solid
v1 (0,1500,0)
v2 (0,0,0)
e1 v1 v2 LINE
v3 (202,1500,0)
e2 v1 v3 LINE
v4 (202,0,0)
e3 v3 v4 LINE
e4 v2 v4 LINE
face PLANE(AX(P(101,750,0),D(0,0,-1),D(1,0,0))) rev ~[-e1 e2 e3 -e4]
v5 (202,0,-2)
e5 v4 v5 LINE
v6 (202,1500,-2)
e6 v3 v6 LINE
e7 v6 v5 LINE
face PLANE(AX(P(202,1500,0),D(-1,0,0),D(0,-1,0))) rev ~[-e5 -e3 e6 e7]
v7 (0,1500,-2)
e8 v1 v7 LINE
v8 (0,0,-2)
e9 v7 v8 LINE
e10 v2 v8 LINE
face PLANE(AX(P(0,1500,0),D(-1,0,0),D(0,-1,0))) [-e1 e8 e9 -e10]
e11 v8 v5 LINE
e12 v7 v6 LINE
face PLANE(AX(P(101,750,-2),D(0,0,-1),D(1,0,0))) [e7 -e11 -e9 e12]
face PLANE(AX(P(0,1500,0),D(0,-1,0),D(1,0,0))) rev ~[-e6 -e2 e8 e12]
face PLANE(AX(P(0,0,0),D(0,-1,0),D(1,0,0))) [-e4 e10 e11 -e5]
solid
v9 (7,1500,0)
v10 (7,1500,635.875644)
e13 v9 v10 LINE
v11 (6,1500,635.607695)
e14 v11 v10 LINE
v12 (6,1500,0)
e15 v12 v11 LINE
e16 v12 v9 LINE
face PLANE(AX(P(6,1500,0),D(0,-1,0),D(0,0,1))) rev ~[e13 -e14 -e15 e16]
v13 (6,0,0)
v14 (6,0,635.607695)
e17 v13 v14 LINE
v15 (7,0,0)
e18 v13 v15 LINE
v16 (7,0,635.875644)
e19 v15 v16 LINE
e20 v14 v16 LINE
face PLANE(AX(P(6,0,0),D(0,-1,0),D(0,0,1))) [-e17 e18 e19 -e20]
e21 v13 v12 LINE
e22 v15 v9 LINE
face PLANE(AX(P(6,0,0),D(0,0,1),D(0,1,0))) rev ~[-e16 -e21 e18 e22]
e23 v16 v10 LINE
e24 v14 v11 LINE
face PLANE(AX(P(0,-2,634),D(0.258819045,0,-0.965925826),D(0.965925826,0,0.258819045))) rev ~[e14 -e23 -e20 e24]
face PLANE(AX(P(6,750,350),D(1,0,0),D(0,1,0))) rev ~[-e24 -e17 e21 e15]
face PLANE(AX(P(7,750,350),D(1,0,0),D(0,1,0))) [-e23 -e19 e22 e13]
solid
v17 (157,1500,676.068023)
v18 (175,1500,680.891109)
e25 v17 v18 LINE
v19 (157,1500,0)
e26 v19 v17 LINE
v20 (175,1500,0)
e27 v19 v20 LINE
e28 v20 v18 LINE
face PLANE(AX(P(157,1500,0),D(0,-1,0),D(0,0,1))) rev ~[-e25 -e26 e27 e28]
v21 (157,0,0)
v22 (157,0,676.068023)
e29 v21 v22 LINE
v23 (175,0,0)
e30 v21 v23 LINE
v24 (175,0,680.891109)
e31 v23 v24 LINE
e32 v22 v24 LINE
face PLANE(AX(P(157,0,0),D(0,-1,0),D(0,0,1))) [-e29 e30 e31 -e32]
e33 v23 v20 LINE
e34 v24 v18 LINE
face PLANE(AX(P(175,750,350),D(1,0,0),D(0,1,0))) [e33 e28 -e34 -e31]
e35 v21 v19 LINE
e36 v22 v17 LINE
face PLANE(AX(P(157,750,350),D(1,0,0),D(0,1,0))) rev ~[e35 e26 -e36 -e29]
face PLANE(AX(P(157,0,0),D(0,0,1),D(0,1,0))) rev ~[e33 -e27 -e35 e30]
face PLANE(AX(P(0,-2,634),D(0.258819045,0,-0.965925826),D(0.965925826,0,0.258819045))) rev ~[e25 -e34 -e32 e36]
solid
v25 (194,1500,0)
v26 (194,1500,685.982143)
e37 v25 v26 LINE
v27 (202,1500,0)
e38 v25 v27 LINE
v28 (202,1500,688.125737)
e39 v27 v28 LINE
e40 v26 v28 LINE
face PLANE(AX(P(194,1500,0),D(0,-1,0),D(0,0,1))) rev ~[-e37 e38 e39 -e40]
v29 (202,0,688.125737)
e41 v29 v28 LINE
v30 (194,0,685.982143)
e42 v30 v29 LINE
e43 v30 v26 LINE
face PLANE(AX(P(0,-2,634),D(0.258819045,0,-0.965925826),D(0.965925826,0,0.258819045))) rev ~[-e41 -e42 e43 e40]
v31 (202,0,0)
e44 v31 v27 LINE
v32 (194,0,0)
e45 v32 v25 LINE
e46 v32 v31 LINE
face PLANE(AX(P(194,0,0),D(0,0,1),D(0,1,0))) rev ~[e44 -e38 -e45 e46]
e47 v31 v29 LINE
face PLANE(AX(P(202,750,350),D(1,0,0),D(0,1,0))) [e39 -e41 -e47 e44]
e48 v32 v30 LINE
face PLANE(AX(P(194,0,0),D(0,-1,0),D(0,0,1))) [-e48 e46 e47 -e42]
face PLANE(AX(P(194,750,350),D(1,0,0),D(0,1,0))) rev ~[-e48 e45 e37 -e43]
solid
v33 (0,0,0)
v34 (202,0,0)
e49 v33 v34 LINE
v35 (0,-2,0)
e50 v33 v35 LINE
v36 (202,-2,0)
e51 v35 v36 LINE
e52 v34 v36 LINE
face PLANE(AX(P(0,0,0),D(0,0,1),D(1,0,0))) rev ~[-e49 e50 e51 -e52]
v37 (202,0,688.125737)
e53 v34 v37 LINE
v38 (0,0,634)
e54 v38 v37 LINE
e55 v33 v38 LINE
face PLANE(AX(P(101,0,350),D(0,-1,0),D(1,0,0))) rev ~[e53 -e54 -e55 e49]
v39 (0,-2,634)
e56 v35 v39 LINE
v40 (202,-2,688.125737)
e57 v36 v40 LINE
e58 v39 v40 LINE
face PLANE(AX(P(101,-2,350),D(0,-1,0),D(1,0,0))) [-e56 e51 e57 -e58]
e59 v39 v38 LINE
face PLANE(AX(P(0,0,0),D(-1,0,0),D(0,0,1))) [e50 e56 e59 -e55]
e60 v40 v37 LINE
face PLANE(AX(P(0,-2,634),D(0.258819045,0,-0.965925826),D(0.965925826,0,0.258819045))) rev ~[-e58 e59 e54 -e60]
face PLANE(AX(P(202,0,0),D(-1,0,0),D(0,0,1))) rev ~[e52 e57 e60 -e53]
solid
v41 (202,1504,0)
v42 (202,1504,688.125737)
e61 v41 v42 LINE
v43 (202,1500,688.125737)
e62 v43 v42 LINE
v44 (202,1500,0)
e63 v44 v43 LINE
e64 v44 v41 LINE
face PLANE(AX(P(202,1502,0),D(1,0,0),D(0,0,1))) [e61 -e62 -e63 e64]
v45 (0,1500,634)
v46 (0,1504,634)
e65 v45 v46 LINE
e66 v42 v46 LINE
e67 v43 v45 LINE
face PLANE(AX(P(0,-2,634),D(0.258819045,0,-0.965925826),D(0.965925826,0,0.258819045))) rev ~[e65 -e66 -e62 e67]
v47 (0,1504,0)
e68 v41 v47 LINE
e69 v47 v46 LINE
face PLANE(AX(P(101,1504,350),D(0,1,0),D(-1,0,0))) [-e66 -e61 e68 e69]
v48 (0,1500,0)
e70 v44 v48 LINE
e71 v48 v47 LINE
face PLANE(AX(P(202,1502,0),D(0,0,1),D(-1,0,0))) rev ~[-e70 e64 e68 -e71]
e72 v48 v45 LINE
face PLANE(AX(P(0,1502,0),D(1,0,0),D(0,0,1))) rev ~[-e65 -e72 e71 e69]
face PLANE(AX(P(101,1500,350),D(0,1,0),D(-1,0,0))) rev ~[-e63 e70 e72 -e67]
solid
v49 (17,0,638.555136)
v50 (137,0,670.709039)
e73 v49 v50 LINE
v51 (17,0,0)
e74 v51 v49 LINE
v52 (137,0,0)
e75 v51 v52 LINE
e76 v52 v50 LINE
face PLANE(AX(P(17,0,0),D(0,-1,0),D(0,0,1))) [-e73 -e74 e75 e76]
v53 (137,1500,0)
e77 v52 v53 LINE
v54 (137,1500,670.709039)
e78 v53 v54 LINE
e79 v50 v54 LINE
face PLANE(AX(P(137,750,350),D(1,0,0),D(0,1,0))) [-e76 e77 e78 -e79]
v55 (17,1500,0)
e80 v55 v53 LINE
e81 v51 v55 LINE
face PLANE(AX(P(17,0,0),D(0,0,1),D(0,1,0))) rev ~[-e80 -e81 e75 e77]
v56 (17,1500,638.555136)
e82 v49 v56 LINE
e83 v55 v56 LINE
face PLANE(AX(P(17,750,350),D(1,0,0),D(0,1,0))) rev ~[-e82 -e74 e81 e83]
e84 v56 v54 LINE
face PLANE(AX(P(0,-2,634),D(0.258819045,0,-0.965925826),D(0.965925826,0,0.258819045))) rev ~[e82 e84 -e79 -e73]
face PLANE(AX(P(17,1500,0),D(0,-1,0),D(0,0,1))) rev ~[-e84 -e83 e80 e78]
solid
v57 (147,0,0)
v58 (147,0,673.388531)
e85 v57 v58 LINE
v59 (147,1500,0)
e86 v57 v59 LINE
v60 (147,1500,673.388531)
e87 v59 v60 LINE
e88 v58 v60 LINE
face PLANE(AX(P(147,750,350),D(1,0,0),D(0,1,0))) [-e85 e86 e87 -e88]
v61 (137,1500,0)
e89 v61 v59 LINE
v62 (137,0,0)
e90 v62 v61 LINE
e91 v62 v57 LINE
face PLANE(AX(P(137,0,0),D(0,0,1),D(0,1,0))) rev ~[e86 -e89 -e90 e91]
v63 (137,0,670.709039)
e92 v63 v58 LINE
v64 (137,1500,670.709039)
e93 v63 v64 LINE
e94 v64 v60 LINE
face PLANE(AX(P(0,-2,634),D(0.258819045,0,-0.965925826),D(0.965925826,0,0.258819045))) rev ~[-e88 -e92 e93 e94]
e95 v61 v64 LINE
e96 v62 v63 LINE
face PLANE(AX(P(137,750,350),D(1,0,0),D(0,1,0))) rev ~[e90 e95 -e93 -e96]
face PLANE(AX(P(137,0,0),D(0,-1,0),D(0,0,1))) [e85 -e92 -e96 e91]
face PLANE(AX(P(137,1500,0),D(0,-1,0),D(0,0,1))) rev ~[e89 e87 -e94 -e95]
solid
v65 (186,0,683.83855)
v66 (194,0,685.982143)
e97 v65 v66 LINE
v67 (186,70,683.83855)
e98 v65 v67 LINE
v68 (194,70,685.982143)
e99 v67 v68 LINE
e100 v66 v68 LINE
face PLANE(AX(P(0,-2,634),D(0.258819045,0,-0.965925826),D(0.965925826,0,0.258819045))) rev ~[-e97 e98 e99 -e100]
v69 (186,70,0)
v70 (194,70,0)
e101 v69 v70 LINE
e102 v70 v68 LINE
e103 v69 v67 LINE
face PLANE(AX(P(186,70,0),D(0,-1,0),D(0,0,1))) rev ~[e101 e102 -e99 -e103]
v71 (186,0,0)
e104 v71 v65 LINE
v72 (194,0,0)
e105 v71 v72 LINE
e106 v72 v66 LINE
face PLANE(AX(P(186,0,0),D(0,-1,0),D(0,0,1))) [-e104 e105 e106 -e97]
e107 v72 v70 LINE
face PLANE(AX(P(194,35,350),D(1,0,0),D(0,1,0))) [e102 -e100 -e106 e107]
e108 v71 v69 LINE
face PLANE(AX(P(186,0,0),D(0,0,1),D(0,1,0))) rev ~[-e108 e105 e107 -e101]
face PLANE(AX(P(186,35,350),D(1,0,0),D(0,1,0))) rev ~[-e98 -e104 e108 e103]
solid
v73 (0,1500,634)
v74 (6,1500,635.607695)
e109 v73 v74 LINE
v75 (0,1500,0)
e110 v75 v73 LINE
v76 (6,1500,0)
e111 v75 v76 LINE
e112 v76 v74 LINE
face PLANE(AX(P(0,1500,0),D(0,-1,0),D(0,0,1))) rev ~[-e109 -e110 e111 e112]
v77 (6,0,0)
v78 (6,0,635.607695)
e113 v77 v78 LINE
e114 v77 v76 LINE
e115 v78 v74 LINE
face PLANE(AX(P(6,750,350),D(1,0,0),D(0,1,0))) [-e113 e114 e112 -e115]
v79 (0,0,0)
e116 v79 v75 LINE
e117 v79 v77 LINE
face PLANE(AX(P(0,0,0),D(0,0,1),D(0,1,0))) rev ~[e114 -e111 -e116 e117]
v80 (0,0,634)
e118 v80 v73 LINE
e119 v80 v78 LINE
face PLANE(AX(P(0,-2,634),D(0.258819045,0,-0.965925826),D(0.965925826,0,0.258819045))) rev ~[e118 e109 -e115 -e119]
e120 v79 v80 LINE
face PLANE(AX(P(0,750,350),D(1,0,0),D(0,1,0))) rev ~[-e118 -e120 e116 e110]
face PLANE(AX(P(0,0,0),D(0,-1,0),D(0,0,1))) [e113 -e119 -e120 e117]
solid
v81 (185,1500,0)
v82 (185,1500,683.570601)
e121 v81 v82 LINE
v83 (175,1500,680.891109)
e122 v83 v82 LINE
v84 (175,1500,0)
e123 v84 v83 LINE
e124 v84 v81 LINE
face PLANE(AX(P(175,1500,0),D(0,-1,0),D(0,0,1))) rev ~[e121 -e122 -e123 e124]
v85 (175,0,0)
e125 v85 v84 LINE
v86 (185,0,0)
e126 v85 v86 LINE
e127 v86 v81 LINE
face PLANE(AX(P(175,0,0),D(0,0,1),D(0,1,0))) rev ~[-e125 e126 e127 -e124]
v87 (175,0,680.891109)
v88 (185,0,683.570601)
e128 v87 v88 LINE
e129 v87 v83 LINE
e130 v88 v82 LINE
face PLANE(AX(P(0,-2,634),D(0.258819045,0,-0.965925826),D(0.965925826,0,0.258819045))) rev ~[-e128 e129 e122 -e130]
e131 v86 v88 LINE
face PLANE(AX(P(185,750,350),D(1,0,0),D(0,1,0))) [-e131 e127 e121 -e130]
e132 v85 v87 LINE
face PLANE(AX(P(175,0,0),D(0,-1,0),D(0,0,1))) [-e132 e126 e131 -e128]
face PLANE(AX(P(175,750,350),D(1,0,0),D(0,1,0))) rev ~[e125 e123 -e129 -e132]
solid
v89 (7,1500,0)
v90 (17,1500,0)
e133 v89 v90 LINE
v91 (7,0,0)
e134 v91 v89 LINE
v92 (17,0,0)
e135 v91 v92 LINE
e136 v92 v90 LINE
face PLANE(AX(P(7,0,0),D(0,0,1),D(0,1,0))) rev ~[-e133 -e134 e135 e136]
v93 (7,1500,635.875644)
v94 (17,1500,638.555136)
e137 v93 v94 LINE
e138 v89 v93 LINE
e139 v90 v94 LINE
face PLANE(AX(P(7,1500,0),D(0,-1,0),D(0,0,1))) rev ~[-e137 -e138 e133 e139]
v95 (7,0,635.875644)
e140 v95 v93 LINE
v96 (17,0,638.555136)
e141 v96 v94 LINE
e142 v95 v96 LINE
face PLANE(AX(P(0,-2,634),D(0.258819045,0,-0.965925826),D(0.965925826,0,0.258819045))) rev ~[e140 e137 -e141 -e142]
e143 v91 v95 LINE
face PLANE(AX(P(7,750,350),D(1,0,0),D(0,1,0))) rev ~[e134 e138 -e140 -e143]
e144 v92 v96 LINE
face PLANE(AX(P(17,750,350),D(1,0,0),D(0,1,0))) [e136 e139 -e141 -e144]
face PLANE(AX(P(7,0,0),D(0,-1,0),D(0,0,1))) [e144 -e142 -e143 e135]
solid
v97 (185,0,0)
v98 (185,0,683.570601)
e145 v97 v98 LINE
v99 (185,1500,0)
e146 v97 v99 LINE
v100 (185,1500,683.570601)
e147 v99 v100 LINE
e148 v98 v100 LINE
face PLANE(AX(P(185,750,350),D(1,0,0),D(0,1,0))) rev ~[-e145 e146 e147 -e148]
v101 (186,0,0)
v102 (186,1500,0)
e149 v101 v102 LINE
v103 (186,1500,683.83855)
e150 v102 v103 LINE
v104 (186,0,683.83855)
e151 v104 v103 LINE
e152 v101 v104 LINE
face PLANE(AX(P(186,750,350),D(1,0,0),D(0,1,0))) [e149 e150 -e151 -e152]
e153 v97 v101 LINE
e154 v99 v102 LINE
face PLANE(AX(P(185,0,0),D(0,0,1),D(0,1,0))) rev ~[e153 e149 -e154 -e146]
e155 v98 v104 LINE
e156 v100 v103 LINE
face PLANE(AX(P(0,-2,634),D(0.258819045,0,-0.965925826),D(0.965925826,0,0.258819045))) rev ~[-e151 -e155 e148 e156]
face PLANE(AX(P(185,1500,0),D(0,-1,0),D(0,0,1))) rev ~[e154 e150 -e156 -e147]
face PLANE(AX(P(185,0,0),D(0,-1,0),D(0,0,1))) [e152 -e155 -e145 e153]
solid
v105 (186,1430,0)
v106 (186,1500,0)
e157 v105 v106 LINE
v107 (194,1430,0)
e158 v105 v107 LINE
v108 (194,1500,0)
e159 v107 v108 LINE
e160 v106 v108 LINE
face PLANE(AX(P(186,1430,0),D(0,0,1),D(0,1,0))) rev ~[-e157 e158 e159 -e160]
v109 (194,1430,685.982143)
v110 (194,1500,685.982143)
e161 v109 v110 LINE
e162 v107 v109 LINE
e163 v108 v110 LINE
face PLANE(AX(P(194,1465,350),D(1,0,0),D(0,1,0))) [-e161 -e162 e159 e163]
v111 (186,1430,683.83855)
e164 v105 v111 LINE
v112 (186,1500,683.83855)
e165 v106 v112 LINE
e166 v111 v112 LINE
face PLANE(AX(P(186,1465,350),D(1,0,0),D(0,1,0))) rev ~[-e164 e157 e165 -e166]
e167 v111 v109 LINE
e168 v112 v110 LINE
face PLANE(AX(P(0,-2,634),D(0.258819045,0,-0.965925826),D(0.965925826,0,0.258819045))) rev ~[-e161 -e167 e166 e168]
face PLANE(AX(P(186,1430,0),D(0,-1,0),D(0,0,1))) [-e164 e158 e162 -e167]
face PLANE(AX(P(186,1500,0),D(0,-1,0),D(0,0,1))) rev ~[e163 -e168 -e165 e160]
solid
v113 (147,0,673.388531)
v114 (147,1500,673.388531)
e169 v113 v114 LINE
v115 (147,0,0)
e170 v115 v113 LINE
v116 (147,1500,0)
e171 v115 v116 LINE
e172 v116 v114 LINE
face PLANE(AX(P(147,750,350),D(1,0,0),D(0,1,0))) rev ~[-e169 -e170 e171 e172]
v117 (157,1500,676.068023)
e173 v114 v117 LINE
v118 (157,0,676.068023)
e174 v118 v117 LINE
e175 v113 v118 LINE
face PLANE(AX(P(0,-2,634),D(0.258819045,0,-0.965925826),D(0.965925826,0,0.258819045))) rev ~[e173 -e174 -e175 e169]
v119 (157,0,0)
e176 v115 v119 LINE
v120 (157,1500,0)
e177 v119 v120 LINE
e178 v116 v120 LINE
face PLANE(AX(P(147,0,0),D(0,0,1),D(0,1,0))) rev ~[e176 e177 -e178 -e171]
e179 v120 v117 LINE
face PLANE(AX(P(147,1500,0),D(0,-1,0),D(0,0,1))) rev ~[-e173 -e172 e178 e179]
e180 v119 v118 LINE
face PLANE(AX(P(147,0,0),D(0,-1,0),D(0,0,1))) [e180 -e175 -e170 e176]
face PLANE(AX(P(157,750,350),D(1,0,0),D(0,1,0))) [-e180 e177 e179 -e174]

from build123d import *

# Parameters (mm, degrees)
F0_W      = 1500
F0_H      = 700
F1_DEPTH  = 6
F2_DEPTH  = 1
F3_DEPTH  = 10
F4_DEPTH  = 120
F5_DEPTH  = 10
F6_DEPTH  = 10
F7_DEPTH  = 18
F8_DEPTH  = 10
F9_DEPTH  = 1
F10_W     = 70
F10_H     = 700
F11_DEPTH = 8
F12_W     = 1500
F12_H     = 700
F13_DEPTH = 8
F14_W     = 202
F14_H     = 700
F15_DEPTH = 2
F16_W     = 202
F16_H     = 1500
F17_DEPTH = 2
F18_W     = 202
F18_H     = 700
F19_DEPTH = 2
F20_DEPTH = 2
F22_DEPTH = 1506.001


with BuildPart() as f1:
    # F0 (on Right) → F1 (new body)
    with BuildSketch(Plane.YZ):
        with Locations((750, 350)):
            Rectangle(F0_W, F0_H)
    extrude(amount=F1_DEPTH)


with BuildPart() as f2:
    # F2 (new): a face of the model
    f2_faces = [f1.part.faces().sort_by_distance(p)[0] for p in [
        (6, 750, 350),
    ]]
    extrude(f2_faces, amount=F2_DEPTH)


with BuildPart() as f3:
    # F3 (new): a face of the model
    f3_faces = [f2.part.faces().sort_by_distance(p)[0] for p in [
        (7, 750, 350),
    ]]
    extrude(f3_faces, amount=F3_DEPTH)


with BuildPart() as f4:
    # F4 (new): a face of the model
    f4_faces = [f3.part.faces().sort_by_distance(p)[0] for p in [
        (17, 750, 350),
    ]]
    extrude(f4_faces, amount=F4_DEPTH)


with BuildPart() as f5:
    # F5 (new): a face of the model
    f5_faces = [f4.part.faces().sort_by_distance(p)[0] for p in [
        (137, 750, 350),
    ]]
    extrude(f5_faces, amount=F5_DEPTH)


with BuildPart() as f6:
    # F6 (new): a face of the model
    f6_faces = [f5.part.faces().sort_by_distance(p)[0] for p in [
        (147, 750, 350),
    ]]
    extrude(f6_faces, amount=F6_DEPTH)


with BuildPart() as f7:
    # F7 (new): a face of the model
    f7_faces = [f6.part.faces().sort_by_distance(p)[0] for p in [
        (157, 750, 350),
    ]]
    extrude(f7_faces, amount=F7_DEPTH)


with BuildPart() as f8:
    # F8 (new): a face of the model
    f8_faces = [f7.part.faces().sort_by_distance(p)[0] for p in [
        (175, 750, 350),
    ]]
    extrude(f8_faces, amount=F8_DEPTH)


with BuildPart() as f9:
    # F9 (new): a face of the model
    f9_faces = [f8.part.faces().sort_by_distance(p)[0] for p in [
        (185, 750, 350),
    ]]
    extrude(f9_faces, amount=F9_DEPTH)


with BuildPart() as f11:
    # F10 (on face) → F11 (new body)
    with BuildSketch(Plane.YZ.offset(186)):
        with Locations((35, 350)):
            Rectangle(F10_W, F10_H)
    extrude(amount=F11_DEPTH)


with BuildPart() as f11b:
    # F10 (on face) → F11, piece 2 (new body)
    with BuildSketch(Plane.YZ.offset(186)):
        with Locations((1465, 350)):
            Rectangle(F10_W, F10_H)
    extrude(amount=F11_DEPTH)


with BuildPart() as f13:
    # F12 (on face) → F13 (new body)
    with BuildSketch(Plane.YZ.offset(194)):
        with Locations((750, 350)):
            Rectangle(F12_W, F12_H)
    extrude(amount=F13_DEPTH)


with BuildPart() as f15:
    # F14 (on face) → F15 (new body)
    with BuildSketch(Plane.XZ):
        with Locations((101, 350)):
            Rectangle(F14_W, F14_H)
    extrude(amount=F15_DEPTH)


with BuildPart() as f17:
    # F16 (on face) → F17 (new body)
    with BuildSketch(Plane(origin=(0, 0, 0), x_dir=(1, 0, 0), z_dir=(0, 0, -1))):
        with Locations((101, -750)):
            Rectangle(F16_W, F16_H)
    extrude(amount=F17_DEPTH)


with BuildPart() as f19:
    # F18 (on face) → F19 (new body)
    with BuildSketch(Plane(origin=(0, 1500, 0), x_dir=(-1, 0, 0), z_dir=(0, 1, 0))):
        with Locations((-101, 350)):
            Rectangle(F18_W, F18_H)
    extrude(amount=F19_DEPTH)

    # F20 (add): a face of the model
    f20_faces = [f19.faces().sort_by_distance(p)[0] for p in [
        (101, 1502, 350),
    ]]
    extrude(f20_faces, amount=F20_DEPTH)


with BuildPart() as f22_tool:
    # F21 (on face) → F22 (new body, through all)
    with BuildSketch(Plane.XZ.offset(2)):
        Polygon((202, 688.1257368711), (202, 700), (0, 700), (0, 634), align=None)
    extrude(amount=-F22_DEPTH)


with BuildPart() as f1_1:
    add(f1.part)

    # F22: cut by f22_tool
    add(f22_tool.part, mode=Mode.SUBTRACT)


with BuildPart() as f2_1:
    add(f2.part)

    # F22: cut by f22_tool
    add(f22_tool.part, mode=Mode.SUBTRACT)


with BuildPart() as f3_1:
    add(f3.part)

    # F22: cut by f22_tool
    add(f22_tool.part, mode=Mode.SUBTRACT)


with BuildPart() as f4_1:
    add(f4.part)

    # F22: cut by f22_tool
    add(f22_tool.part, mode=Mode.SUBTRACT)


with BuildPart() as f5_1:
    add(f5.part)

    # F22: cut by f22_tool
    add(f22_tool.part, mode=Mode.SUBTRACT)


with BuildPart() as f6_1:
    add(f6.part)

    # F22: cut by f22_tool
    add(f22_tool.part, mode=Mode.SUBTRACT)


with BuildPart() as f7_1:
    add(f7.part)

    # F22: cut by f22_tool
    add(f22_tool.part, mode=Mode.SUBTRACT)


with BuildPart() as f8_1:
    add(f8.part)

    # F22: cut by f22_tool
    add(f22_tool.part, mode=Mode.SUBTRACT)


with BuildPart() as f9_1:
    add(f9.part)

    # F22: cut by f22_tool
    add(f22_tool.part, mode=Mode.SUBTRACT)


with BuildPart() as f11_1:
    add(f11.part)

    # F22: cut by f22_tool
    add(f22_tool.part, mode=Mode.SUBTRACT)


with BuildPart() as f11b_1:
    add(f11b.part)

    # F22: cut by f22_tool
    add(f22_tool.part, mode=Mode.SUBTRACT)


with BuildPart() as f13_1:
    add(f13.part)

    # F22: cut by f22_tool
    add(f22_tool.part, mode=Mode.SUBTRACT)


with BuildPart() as f15_1:
    add(f15.part)

    # F22: cut by f22_tool
    add(f22_tool.part, mode=Mode.SUBTRACT)


with BuildPart() as f19_1:
    add(f19.part)

    # F22: cut by f22_tool
    add(f22_tool.part, mode=Mode.SUBTRACT)


solid = Compound([f17.part, f1_1.part, f2_1.part, f3_1.part, f4_1.part, f5_1.part, f6_1.part, f7_1.part, f8_1.part, f9_1.part, f11_1.part, f11b_1.part, f13_1.part, f15_1.part, f19_1.part])
